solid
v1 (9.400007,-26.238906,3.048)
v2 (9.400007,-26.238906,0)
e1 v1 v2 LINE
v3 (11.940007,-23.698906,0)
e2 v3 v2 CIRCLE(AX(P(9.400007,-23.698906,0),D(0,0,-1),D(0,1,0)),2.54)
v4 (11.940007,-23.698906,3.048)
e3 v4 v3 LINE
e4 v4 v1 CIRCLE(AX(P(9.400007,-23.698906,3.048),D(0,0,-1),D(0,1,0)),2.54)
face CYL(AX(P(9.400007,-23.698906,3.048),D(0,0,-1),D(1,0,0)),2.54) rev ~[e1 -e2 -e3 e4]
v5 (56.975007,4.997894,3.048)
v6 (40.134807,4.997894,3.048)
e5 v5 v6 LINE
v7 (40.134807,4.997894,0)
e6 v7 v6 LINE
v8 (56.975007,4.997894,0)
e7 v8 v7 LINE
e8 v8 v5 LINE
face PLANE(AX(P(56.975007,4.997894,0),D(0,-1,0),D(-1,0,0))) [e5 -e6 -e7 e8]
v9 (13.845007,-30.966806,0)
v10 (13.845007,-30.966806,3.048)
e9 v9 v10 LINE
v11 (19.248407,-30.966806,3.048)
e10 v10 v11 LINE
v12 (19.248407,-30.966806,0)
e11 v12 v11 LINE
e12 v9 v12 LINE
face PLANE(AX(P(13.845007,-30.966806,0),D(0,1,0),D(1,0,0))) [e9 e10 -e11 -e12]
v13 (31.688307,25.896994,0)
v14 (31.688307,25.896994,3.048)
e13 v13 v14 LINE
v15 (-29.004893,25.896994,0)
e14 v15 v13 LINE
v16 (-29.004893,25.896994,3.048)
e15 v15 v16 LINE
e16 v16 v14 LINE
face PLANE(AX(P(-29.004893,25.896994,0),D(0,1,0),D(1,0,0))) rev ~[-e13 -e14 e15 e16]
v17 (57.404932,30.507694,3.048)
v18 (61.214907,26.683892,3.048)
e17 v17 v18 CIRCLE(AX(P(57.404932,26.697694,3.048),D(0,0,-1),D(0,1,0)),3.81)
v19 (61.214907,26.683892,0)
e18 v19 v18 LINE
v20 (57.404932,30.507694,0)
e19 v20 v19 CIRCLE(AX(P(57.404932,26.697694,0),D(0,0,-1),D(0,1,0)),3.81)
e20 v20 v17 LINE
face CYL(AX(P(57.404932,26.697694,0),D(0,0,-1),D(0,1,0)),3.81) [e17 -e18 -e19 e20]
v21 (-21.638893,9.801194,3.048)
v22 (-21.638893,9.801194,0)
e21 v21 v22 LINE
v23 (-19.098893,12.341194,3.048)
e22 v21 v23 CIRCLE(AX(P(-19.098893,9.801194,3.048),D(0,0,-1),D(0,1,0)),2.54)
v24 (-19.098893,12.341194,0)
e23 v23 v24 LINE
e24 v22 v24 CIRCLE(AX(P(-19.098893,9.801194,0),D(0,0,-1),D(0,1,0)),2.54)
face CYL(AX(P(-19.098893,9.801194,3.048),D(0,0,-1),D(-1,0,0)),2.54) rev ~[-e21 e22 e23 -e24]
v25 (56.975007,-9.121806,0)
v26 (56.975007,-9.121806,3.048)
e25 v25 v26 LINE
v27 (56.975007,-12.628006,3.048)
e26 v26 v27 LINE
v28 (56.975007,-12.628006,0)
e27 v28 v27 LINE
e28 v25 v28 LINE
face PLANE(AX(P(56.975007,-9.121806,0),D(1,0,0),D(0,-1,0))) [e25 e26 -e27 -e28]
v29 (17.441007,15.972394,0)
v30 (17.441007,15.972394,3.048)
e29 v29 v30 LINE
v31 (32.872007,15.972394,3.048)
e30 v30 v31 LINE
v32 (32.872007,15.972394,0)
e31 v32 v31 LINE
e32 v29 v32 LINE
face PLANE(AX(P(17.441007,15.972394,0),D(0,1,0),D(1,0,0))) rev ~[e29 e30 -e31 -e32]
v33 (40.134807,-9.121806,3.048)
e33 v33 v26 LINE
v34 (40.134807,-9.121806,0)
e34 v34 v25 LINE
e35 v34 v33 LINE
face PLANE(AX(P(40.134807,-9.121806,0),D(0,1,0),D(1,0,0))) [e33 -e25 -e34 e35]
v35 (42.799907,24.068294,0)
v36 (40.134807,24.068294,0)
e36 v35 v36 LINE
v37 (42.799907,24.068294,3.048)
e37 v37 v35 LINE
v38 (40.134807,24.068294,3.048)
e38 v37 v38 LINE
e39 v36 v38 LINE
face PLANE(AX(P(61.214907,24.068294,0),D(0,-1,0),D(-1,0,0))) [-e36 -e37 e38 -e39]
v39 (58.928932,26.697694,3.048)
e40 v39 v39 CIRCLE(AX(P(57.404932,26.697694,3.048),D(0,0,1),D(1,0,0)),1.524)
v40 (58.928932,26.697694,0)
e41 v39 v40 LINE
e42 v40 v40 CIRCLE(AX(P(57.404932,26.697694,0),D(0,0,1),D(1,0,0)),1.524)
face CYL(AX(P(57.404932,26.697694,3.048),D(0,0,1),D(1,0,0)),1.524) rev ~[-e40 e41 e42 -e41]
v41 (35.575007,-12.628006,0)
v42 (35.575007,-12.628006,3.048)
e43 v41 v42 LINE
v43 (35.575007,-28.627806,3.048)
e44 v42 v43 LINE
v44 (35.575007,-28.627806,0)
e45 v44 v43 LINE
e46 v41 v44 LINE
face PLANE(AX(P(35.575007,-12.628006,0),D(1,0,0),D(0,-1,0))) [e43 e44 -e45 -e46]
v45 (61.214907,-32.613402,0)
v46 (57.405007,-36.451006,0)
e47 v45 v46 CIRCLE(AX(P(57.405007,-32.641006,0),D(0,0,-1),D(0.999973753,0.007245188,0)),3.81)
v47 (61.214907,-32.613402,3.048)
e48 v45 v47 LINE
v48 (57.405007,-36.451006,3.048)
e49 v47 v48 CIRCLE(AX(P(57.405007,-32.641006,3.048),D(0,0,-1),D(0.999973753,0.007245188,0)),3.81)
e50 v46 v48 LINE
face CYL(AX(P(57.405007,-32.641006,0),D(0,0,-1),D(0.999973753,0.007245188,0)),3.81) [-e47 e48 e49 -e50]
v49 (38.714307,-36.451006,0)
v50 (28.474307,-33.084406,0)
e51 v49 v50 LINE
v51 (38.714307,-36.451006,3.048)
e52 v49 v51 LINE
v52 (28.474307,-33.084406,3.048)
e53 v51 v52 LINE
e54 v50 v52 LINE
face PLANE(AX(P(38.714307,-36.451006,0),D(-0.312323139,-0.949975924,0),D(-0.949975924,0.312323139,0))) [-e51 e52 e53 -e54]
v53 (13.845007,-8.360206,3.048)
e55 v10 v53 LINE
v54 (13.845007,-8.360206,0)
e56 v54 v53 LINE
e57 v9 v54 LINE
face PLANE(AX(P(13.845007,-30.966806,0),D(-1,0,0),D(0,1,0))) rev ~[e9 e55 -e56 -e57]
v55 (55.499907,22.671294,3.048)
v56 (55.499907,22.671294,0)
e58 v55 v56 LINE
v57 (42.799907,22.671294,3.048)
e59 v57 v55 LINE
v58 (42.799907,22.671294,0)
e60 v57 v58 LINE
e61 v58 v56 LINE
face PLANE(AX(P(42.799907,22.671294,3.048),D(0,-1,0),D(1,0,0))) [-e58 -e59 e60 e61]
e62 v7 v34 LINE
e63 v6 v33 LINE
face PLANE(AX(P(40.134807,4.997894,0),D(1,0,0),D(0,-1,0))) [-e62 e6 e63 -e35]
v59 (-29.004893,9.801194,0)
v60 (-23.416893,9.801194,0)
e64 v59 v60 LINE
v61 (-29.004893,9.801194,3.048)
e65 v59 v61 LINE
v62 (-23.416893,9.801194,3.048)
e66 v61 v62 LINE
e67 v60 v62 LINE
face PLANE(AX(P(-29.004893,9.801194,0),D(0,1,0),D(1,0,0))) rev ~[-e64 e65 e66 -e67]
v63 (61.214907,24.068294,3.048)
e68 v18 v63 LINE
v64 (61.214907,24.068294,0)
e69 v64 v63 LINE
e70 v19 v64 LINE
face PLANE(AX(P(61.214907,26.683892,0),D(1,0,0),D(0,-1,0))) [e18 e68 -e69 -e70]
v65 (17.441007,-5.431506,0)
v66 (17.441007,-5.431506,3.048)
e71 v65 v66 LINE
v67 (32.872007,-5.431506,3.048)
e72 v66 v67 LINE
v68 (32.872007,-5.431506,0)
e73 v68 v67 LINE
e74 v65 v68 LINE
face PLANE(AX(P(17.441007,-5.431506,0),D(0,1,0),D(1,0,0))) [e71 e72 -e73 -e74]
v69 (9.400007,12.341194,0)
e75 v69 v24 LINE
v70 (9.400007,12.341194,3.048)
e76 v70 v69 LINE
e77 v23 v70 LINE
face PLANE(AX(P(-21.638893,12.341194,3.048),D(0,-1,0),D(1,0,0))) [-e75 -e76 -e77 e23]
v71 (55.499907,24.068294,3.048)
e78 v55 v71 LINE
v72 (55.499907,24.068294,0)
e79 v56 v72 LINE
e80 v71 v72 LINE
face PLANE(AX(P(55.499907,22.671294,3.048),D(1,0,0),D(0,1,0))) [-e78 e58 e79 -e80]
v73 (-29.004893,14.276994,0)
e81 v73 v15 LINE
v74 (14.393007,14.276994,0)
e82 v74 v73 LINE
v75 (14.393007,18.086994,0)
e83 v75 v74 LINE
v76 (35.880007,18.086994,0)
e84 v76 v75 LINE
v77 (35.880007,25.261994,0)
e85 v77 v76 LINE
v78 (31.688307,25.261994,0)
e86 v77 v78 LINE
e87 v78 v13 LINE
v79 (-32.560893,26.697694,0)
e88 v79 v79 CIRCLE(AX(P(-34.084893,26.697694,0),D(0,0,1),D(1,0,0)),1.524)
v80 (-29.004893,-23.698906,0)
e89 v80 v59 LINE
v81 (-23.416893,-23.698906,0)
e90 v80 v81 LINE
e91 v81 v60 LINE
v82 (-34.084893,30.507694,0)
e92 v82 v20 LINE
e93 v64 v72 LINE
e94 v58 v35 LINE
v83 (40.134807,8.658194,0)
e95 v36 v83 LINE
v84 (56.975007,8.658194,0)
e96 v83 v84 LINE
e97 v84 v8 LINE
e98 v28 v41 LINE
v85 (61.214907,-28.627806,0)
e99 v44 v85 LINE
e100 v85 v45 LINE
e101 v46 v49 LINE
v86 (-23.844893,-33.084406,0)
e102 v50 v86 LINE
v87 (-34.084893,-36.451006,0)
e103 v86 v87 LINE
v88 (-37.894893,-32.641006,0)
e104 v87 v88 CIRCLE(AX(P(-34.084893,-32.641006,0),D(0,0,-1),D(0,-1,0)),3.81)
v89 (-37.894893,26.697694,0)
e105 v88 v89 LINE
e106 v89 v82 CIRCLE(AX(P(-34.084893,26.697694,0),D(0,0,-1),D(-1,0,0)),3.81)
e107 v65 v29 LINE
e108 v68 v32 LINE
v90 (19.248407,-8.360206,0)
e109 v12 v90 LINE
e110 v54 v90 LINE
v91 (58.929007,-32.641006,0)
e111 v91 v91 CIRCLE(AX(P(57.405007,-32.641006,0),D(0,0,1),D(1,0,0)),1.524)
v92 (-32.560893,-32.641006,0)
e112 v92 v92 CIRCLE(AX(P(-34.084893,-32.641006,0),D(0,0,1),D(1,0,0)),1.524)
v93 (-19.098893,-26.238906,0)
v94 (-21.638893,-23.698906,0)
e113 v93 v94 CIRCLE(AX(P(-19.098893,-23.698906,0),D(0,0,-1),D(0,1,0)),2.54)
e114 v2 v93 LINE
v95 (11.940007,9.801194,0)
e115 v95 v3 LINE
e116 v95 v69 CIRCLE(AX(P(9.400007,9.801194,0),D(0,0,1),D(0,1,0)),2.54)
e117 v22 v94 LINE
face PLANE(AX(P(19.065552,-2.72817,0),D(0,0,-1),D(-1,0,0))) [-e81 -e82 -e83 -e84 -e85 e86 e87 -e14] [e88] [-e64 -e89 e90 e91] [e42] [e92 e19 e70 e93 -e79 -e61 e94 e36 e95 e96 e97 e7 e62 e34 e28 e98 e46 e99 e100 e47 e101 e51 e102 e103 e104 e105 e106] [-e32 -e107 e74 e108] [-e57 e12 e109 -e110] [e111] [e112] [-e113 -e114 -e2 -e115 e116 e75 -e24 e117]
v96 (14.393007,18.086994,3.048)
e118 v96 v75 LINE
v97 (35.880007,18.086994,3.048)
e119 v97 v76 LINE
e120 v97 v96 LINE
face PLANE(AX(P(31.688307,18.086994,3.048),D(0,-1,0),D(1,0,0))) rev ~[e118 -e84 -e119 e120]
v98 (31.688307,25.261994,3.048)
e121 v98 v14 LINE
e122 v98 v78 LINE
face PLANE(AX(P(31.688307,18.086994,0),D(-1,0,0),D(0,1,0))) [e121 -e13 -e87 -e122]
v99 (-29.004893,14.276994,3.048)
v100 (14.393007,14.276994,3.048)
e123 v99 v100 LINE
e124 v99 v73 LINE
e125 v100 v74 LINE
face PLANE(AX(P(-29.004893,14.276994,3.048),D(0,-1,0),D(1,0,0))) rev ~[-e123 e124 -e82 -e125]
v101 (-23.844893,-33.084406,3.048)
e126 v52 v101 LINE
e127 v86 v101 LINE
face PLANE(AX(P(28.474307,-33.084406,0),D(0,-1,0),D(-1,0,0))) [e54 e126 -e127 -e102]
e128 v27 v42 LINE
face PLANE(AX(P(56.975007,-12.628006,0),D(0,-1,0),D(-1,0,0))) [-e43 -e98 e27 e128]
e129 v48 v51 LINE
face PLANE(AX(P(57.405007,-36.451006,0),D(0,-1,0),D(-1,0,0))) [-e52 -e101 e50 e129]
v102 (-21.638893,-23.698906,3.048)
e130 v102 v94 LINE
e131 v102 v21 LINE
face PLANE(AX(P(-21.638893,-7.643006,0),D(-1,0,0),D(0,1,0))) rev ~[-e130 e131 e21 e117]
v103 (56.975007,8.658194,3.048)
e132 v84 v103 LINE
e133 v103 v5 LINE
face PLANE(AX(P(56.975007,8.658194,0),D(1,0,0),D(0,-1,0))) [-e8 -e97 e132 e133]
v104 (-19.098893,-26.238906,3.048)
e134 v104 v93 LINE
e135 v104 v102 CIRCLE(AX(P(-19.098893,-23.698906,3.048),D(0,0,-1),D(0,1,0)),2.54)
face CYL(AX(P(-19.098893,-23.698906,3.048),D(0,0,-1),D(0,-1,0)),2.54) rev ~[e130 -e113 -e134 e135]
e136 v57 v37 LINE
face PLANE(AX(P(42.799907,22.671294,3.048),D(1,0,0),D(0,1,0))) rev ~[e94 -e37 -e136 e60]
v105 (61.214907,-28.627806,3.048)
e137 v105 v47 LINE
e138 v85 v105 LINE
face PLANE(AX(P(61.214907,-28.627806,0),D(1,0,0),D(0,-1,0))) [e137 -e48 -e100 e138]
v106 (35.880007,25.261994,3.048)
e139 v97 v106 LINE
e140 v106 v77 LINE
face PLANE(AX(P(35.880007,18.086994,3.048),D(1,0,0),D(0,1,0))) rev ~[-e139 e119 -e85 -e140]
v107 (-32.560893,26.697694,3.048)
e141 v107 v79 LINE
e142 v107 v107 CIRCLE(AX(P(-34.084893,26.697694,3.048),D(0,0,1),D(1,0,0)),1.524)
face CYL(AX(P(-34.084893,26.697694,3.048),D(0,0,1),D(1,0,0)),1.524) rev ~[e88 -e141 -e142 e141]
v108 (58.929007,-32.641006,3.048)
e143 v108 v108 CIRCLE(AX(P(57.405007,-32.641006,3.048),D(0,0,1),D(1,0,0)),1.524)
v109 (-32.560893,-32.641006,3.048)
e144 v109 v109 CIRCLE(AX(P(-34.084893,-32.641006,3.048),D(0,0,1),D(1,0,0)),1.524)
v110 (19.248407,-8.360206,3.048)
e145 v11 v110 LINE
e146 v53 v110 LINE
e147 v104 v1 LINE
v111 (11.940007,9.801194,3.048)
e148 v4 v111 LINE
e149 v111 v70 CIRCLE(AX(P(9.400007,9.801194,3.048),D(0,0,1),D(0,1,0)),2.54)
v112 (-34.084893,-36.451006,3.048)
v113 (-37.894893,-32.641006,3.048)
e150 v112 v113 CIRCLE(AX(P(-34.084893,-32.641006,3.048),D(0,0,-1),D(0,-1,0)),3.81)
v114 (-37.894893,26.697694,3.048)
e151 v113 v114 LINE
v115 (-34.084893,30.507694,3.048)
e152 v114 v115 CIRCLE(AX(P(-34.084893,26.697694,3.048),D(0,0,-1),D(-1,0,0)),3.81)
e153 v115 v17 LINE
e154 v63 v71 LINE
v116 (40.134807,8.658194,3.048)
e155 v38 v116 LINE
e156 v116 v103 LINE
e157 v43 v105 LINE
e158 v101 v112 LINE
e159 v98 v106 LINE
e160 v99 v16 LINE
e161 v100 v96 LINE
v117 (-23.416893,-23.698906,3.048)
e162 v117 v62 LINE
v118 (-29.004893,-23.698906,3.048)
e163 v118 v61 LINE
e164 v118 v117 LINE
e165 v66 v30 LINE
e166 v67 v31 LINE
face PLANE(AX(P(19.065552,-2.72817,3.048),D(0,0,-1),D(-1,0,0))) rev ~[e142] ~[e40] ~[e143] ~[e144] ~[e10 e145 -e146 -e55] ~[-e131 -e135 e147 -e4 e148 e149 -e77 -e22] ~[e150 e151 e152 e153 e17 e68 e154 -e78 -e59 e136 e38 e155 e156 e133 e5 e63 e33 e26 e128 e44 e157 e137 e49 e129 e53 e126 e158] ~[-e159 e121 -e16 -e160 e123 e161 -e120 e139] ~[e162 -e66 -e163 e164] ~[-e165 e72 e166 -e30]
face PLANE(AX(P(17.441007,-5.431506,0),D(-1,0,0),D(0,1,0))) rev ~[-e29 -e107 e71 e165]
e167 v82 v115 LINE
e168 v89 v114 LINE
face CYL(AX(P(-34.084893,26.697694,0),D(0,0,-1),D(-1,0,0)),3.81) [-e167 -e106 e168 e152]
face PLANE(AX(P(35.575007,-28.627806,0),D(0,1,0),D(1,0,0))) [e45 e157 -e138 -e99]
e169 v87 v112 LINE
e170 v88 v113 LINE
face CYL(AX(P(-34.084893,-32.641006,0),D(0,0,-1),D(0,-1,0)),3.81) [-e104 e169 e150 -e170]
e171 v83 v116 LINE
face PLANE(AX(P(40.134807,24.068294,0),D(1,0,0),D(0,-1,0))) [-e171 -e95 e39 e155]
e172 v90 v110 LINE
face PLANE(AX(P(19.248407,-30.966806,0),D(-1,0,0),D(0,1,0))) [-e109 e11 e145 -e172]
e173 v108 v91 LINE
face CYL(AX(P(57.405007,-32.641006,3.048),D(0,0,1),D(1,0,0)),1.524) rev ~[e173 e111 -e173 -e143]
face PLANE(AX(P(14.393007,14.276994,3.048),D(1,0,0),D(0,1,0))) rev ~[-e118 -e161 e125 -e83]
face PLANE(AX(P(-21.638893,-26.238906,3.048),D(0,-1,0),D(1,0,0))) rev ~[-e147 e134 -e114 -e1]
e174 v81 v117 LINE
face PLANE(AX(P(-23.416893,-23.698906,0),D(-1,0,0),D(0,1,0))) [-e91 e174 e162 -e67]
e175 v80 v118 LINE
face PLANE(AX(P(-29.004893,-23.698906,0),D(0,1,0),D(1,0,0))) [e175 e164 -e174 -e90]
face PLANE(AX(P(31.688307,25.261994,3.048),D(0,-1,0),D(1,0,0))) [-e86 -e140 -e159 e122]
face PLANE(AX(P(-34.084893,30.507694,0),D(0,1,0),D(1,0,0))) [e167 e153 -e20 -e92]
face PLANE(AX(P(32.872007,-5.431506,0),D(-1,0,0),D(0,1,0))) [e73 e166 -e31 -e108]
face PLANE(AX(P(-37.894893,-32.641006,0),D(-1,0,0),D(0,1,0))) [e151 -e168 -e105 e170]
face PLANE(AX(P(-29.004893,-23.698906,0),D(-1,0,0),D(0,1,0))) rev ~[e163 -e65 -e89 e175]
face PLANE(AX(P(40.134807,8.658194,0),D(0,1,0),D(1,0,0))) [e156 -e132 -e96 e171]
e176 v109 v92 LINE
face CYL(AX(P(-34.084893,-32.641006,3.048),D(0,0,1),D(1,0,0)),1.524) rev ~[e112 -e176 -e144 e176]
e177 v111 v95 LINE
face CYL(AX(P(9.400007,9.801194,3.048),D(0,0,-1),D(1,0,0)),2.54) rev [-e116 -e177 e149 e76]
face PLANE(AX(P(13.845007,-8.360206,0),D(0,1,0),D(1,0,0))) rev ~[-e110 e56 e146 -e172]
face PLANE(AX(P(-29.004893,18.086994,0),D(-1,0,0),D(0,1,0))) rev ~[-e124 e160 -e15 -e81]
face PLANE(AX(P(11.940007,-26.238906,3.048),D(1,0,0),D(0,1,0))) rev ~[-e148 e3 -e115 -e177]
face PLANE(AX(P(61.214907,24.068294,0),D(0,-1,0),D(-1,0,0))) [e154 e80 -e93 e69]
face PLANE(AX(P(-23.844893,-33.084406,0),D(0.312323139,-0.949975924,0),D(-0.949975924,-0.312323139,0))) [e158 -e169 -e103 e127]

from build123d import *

# Parameters (mm, degrees)
SKETCH1_R           = 1.3462
SKETCH1_W           = 5.4034
SKETCH1_H           = 22.6066
SKETCH1_W_2         = 60.6932
SKETCH1_H_2         = 7.81
SKETCH1_W_3         = 15.431
SKETCH1_H_3         = 21.4039
SKETCH1_W_4         = 31.9679
SKETCH1_H_4         = 18.2371
SKETCH1_W_5         = 5.588
SKETCH1_H_5         = 33.5001
BOSS_EXTRUDE1_DEPTH = 3.048
SKETCH2_W           = 33.5789
SKETCH2_H           = 38.5801
CUT_EXTRUDE1_DEPTH  = 4.048
FILLET1_R           = 2.54
SKETCH3_R           = 1.524
CUT_EXTRUDE2_DEPTH  = 4.048
SKETCH4_W           = 43.3979
SKETCH4_H           = 3.81
CUT_EXTRUDE3_DEPTH  = 4.048
SKETCH5_W           = 12.7
SKETCH5_H           = 1.397
BOSS_EXTRUDE2_DEPTH = 3.048
SKETCH6_W           = 4.1917
SKETCH6_H           = 7.175
CUT_EXTRUDE4_DEPTH  = 4.048


with BuildPart() as part:
    # Sketch1 → Boss-Extrude1 (new body)
    with BuildSketch(Plane.XY):
        with BuildLine():
            Line((61.214907375, 24.068294304), (40.134807375, 24.068294304))
            Line((40.134807375, 24.068294304), (40.134807375, 8.658194304))
            Line((40.134807375, 8.658194304), (56.975007375, 8.658194304))
            Line((56.975007375, 8.658194304), (56.975007375, 4.997894304))
            Line((56.975007375, 4.997894304), (40.134807375, 4.997894304))
            Line((40.134807375, 4.997894304), (40.134807375, -9.121805696))
            Line((40.134807375, -9.121805696), (56.975007375, -9.121805696))
            Line((56.975007375, -9.121805696), (56.975007375, -12.628005696))
            Line((56.975007375, -12.628005696), (35.575007375, -12.628005696))
            Line((35.575007375, -12.628005696), (35.575007375, -28.627805696))
            Line((35.575007375, -28.627805696), (61.214907375, -28.627805696))
            Line((61.214907375, -28.627805696), (61.214907375, -32.613401529))
            ThreePointArc((61.214907375, -32.613401529), (60.108826144, -35.325305244), (57.405007375, -36.451005696))
            Line((57.405007375, -36.451005696), (38.714307375, -36.451005696))
            Line((38.714307375, -36.451005696), (28.474307375, -33.084405696))
            Line((28.474307375, -33.084405696), (-23.844892625, -33.084405696))
            Line((-23.844892625, -33.084405696), (-34.084892625, -36.451005696))
            ThreePointArc((-34.084892625, -36.451005696), (-36.778969461, -35.335082532), (-37.894892625, -32.641005696))
            Line((-37.894892625, -32.641005696), (-37.894892625, 26.697694304))
            ThreePointArc((-37.894892625, 26.697694304), (-36.778969461, 29.391771141), (-34.084892625, 30.507694304))
            Line((-34.084892625, 30.507694304), (57.404932375, 30.507694304))
            ThreePointArc((57.404932375, 30.507694304), (60.103884597, 29.386886916), (61.214907375, 26.683892153))
            Line((61.214907375, 26.683892153), (61.214907375, 24.068294304))
        make_face()
        with Locations((57.404932375, 26.697694304)):
            Circle(SKETCH1_R, mode=Mode.SUBTRACT)
        with Locations((57.405007375, -32.641005696)):
            Circle(SKETCH1_R, mode=Mode.SUBTRACT)
        with Locations((-34.084892625, -32.641005696)):
            Circle(SKETCH1_R, mode=Mode.SUBTRACT)
        with Locations((-34.084892625, 26.697694304)):
            Circle(SKETCH1_R, mode=Mode.SUBTRACT)
        with Locations((16.546707375, -19.663505696)):
            Rectangle(SKETCH1_W, SKETCH1_H, mode=Mode.SUBTRACT)
        with Locations((1.341707375, 21.991994304)):
            Rectangle(SKETCH1_W_2, SKETCH1_H_2, mode=Mode.SUBTRACT)
        with Locations((25.156507375, 5.270444304)):
            Rectangle(SKETCH1_W_3, SKETCH1_H_3, mode=Mode.SUBTRACT)
        with Locations((-5.654942625, 1.475544304)):
            Rectangle(SKETCH1_W_4, SKETCH1_H_4, mode=Mode.SUBTRACT)
        with Locations((-26.210892625, -6.948855696)):
            Rectangle(SKETCH1_W_5, SKETCH1_H_5, mode=Mode.SUBTRACT)
    extrude(amount=BOSS_EXTRUDE1_DEPTH)

    # Sketch2 → Cut-Extrude1 (cut, through all)
    with BuildSketch(Plane.XY.offset(3.048)):
        with Locations((-4.849442625, -6.948855696)):
            Rectangle(SKETCH2_W, SKETCH2_H)
    extrude(amount=-CUT_EXTRUDE1_DEPTH, mode=Mode.SUBTRACT)

    # Fillet1
    fillet1_edges = [part.edges().sort_by_distance(p)[0] for p in [
        (-21.638892625, -26.238905696, 1.524),
        (11.940007375, 12.341194304, 1.524),
        (11.940007375, -26.238905696, 1.524),
        (-21.638892625, 12.341194304, 1.524),
    ]]
    fillet(fillet1_edges, radius=FILLET1_R)

    # Sketch3 → Cut-Extrude2 (cut, through all)
    with BuildSketch(Plane.XY.offset(3.048)):
        with Locations((-34.084892625, 26.697694304)):
            Circle(SKETCH3_R)
        with Locations((57.404932375, 26.697694304)):
            Circle(SKETCH3_R)
        with Locations((57.405007375, -32.641005696)):
            Circle(SKETCH3_R)
        with Locations((-34.084892625, -32.641005696)):
            Circle(SKETCH3_R)
    extrude(amount=-CUT_EXTRUDE2_DEPTH, mode=Mode.SUBTRACT)

    # Sketch4 → Cut-Extrude3 (cut, through all)
    with BuildSketch(Plane.XY.offset(3.048)):
        with Locations((-7.305942625, 16.181994304)):
            Rectangle(SKETCH4_W, SKETCH4_H)
    extrude(amount=-CUT_EXTRUDE3_DEPTH, mode=Mode.SUBTRACT)

    # Sketch5 → Boss-Extrude2 (add)
    with BuildSketch(Plane.XY.offset(3.048)):
        with Locations((49.149907375, 23.369794304)):
            Rectangle(SKETCH5_W, SKETCH5_H)
    extrude(amount=-BOSS_EXTRUDE2_DEPTH)

    # Sketch6 → Cut-Extrude4 (cut, through all)
    with BuildSketch(Plane.XY.offset(3.048)):
        with Locations((33.784157375, 21.674494304)):
            Rectangle(SKETCH6_W, SKETCH6_H)
    extrude(amount=-CUT_EXTRUDE4_DEPTH, mode=Mode.SUBTRACT)


solid = part.part
